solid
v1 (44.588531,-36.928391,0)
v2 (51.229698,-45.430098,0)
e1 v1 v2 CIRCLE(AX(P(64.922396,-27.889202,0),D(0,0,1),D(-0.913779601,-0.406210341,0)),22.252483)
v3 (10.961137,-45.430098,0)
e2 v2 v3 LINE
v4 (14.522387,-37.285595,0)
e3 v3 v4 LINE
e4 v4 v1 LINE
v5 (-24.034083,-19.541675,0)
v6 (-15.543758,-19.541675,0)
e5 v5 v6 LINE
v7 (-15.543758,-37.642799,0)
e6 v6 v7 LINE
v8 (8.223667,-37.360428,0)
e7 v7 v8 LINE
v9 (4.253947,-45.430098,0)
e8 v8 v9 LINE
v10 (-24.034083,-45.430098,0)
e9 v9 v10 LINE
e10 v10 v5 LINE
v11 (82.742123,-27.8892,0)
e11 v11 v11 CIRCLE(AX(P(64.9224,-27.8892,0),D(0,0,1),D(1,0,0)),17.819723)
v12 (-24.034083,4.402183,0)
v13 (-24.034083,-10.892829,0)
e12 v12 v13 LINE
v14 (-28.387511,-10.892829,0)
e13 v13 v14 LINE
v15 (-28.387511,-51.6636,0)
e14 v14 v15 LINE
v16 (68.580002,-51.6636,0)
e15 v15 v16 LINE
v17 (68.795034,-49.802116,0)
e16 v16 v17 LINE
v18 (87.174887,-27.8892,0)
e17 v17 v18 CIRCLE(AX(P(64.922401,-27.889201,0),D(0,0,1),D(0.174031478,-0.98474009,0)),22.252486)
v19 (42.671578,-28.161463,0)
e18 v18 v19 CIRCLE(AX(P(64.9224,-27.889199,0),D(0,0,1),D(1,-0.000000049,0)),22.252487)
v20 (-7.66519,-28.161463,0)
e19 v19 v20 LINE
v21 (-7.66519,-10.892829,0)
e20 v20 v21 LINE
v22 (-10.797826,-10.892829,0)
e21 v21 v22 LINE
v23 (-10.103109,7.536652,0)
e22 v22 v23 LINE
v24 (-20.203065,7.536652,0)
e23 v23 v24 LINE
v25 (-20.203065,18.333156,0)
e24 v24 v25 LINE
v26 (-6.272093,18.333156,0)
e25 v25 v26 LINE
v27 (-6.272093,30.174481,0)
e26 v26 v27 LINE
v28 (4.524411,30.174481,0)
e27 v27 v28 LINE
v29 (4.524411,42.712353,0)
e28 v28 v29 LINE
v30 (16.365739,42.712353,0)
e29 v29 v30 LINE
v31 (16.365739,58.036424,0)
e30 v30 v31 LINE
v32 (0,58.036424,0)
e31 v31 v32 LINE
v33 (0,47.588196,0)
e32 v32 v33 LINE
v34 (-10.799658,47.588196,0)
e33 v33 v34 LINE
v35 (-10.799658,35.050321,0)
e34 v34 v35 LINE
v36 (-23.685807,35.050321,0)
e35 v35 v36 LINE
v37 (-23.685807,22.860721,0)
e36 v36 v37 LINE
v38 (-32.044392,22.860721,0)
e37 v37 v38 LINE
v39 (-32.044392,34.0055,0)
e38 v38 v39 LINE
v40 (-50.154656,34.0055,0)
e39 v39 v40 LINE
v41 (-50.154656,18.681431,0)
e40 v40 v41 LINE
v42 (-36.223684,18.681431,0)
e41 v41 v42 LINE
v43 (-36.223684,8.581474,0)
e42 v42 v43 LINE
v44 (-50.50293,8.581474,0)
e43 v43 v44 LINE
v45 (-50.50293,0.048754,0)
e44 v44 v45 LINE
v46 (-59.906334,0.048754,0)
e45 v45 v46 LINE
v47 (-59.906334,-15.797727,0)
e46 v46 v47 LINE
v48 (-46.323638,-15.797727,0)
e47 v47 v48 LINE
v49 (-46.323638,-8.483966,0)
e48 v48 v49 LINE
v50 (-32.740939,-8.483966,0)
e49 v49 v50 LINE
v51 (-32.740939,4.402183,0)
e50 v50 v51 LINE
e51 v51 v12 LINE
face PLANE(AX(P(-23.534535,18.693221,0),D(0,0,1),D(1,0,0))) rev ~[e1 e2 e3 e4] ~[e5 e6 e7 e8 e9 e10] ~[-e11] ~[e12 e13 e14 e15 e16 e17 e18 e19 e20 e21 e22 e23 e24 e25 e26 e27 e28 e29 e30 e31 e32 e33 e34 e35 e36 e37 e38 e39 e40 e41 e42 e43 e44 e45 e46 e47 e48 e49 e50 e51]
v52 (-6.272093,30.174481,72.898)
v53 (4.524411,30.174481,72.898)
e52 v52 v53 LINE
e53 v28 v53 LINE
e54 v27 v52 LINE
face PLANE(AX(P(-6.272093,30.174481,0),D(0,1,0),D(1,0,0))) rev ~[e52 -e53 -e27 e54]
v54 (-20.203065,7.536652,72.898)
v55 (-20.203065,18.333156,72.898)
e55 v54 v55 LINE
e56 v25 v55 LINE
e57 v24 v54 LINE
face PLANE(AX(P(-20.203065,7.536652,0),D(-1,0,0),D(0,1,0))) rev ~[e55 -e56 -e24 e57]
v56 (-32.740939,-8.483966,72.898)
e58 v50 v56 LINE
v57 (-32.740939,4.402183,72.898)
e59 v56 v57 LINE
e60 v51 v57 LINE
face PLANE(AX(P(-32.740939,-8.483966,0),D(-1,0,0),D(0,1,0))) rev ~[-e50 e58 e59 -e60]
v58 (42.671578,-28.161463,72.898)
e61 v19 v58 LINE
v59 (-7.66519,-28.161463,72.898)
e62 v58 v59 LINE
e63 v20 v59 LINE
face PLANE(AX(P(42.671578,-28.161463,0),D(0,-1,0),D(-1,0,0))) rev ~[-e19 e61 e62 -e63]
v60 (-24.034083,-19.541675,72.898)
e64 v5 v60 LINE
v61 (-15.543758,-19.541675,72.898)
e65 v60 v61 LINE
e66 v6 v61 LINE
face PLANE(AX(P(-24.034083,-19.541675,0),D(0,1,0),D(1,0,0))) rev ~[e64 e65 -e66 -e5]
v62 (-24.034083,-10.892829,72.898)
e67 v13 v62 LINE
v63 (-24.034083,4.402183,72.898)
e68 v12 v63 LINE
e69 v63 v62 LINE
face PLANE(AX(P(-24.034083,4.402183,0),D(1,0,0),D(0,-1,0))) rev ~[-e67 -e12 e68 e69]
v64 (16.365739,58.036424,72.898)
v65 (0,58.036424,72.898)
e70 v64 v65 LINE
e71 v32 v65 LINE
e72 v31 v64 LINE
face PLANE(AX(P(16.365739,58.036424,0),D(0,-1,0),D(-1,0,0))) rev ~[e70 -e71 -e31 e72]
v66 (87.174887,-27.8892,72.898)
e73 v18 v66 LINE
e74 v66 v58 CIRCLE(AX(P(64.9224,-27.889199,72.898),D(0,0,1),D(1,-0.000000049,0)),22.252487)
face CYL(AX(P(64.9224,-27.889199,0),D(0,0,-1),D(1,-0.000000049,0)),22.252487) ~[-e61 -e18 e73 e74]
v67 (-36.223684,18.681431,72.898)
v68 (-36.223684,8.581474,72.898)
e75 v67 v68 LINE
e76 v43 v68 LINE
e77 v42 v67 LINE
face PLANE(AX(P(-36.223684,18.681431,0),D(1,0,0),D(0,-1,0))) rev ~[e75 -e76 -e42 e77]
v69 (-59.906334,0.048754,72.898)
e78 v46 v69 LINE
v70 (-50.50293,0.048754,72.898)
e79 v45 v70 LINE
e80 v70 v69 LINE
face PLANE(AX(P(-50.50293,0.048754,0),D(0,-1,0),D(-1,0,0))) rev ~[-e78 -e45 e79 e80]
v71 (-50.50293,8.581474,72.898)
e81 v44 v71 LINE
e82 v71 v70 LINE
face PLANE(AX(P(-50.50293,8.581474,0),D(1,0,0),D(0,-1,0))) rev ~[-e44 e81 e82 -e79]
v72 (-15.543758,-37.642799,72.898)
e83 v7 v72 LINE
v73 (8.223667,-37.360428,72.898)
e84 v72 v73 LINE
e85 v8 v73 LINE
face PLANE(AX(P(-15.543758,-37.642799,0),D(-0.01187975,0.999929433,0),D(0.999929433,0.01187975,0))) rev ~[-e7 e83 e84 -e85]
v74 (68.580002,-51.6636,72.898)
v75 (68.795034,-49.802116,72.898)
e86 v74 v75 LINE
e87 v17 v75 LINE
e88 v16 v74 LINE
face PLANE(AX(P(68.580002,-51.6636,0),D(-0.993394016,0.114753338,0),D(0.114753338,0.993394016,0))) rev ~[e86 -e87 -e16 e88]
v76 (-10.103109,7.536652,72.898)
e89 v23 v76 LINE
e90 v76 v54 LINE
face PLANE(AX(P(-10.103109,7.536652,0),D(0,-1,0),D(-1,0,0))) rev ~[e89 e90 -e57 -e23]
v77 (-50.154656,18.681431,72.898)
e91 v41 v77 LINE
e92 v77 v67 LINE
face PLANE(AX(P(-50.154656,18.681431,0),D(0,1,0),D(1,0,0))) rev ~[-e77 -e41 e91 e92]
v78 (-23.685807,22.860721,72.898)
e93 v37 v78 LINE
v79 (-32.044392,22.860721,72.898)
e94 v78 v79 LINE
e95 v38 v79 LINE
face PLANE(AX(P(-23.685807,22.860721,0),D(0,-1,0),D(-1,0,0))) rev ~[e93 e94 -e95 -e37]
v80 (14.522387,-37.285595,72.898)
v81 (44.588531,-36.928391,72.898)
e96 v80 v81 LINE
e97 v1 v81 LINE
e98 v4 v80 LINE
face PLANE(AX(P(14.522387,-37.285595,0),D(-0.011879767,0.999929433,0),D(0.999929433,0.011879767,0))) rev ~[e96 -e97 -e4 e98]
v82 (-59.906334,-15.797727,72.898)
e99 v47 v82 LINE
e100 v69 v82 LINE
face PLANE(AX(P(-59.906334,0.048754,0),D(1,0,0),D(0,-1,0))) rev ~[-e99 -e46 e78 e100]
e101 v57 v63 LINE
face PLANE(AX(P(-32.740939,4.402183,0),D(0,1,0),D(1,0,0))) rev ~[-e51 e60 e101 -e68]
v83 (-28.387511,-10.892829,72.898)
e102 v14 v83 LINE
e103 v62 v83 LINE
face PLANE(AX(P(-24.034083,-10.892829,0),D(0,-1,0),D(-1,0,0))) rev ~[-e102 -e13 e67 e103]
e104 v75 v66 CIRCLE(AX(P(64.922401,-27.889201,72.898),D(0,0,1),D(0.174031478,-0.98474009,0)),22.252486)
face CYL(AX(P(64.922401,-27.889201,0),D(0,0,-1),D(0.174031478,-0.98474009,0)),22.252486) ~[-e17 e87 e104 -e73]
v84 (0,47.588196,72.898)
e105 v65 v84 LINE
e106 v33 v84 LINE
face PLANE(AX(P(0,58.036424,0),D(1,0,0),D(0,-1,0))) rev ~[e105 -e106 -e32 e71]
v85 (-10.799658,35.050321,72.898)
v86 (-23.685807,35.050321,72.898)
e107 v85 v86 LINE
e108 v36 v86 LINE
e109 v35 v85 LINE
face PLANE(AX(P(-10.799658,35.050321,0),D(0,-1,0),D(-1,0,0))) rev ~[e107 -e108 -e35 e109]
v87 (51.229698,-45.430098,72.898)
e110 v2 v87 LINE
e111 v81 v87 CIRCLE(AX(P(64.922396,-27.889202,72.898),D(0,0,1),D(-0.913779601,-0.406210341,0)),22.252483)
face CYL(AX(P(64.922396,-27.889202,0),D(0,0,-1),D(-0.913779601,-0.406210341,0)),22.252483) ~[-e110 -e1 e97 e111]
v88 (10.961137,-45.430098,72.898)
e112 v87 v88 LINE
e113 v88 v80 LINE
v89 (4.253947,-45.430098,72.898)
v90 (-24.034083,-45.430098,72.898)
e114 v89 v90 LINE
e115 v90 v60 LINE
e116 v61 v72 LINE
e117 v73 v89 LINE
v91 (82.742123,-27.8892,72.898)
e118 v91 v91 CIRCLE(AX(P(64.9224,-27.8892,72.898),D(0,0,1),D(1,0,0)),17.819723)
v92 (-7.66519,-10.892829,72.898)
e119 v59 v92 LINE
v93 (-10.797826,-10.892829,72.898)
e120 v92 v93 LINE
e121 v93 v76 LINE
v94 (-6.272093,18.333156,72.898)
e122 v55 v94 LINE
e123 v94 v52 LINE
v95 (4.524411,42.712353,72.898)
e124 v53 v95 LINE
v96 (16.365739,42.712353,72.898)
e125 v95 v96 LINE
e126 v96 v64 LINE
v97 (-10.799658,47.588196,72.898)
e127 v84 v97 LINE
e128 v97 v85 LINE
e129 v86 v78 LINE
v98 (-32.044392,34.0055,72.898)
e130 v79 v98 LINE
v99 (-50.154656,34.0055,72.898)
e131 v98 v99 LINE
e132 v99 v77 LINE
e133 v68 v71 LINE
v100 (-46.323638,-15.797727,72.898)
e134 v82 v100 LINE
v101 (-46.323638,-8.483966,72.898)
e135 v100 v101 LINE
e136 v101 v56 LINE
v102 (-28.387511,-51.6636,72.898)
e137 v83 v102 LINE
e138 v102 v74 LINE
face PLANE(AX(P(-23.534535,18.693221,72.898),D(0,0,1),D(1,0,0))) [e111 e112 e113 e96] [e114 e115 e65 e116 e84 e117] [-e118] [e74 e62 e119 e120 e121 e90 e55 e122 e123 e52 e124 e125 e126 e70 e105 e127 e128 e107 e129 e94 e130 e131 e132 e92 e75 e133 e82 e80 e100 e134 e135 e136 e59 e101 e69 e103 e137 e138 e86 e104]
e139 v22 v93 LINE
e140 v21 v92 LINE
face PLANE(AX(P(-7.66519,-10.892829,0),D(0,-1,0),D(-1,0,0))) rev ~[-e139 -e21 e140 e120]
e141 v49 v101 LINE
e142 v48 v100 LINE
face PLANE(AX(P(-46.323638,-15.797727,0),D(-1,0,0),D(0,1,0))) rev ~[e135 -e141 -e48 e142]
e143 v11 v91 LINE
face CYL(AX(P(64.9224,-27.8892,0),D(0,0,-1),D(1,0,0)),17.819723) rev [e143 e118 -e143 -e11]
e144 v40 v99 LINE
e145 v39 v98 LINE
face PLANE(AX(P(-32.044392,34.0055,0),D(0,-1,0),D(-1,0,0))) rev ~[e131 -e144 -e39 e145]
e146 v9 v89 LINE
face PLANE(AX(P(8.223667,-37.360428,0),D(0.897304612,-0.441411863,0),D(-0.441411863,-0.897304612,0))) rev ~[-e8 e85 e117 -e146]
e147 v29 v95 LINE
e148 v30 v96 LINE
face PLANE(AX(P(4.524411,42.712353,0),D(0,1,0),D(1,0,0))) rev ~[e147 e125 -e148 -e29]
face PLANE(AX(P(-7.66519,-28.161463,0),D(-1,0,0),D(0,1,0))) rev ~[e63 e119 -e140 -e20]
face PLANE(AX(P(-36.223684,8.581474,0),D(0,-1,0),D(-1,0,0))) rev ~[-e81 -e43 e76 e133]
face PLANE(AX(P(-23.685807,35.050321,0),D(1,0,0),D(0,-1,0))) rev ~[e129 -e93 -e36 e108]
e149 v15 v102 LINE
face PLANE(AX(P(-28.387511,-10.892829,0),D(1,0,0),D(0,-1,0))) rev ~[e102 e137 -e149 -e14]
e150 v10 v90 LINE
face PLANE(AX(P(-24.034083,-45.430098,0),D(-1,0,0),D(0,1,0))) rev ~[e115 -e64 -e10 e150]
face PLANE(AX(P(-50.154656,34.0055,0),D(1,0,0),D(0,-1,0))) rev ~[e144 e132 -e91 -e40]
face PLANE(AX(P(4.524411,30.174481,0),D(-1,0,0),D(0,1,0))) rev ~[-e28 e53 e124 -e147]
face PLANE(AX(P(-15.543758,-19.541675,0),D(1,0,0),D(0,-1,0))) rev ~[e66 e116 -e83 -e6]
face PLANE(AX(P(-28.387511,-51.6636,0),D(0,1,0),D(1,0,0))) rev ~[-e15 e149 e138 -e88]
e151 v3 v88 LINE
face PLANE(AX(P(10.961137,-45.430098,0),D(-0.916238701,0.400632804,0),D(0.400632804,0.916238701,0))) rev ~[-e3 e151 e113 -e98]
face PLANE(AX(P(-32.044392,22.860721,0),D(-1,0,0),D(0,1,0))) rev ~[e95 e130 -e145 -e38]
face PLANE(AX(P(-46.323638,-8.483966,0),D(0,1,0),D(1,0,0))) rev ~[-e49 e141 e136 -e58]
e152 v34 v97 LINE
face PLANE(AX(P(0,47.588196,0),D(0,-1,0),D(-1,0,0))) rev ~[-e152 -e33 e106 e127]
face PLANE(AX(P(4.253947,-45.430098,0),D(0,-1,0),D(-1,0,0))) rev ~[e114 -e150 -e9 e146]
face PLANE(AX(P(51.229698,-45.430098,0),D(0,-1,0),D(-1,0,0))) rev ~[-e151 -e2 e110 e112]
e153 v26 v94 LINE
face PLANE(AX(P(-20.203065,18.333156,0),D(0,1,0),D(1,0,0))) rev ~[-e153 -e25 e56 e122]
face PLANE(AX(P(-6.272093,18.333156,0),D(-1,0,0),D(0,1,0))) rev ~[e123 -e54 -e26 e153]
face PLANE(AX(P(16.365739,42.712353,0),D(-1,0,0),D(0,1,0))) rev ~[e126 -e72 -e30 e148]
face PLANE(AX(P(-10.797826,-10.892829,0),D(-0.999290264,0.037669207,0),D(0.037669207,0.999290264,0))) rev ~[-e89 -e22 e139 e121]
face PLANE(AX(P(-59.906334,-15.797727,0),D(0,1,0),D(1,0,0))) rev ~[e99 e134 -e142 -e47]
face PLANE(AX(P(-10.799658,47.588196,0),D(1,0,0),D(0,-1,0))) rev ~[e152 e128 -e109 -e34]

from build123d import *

# Parameters (mm, degrees)
F0_R     = 17.819723
F1_DEPTH = 72.898


with BuildPart() as f1:
    # F0 (on Top) → F1 (new body)
    with BuildSketch(Plane.XY):
        Polygon((16.365739, 42.712353), (16.365739, 58.036424), (0, 58.036424), (0, 47.588196), (-10.799658, 47.588196), (-10.799658, 35.050321), (-23.685807, 35.050321), (-23.685807, 22.860721), (-32.044392, 22.860721), (-32.044392, 34.0055), (-50.154656, 34.0055), (-50.154656, 18.681431), (-36.223684, 18.681431), (-36.223684, 8.581474), (-50.50293, 8.581474), (-50.50293, 0.048754), (-59.906334, 0.048754), (-59.906334, -15.797727), (-46.323638, -15.797727), (-46.323638, -8.483966), (-32.740939, -8.483966), (-32.740939, 4.402183), (-24.034083, 4.402183), (-24.034083, -10.892829), (-10.797826, -10.892829), (-10.103109, 7.536652), (-20.203065, 7.536652), (-20.203065, 18.333156), (-10.103109, 18.333156), (-6.272093, 18.333156), (-6.272093, 30.174481), (4.524411, 30.174481), (4.524411, 42.712353), align=None)
        with BuildLine():
            Line((-7.66519, -10.892829), (-10.797826, -10.892829))
            Line((-10.797826, -10.892829), (-24.034083, -10.892829))
            Line((-24.034083, -10.892829), (-28.387511, -10.892829))
            Line((-28.387511, -10.892829), (-28.387511, -46.7868))
            Line((-28.387511, -46.7868), (-28.387511, -51.6636))
            Line((-28.387511, -51.6636), (68.580002, -51.6636))
            Line((68.580002, -51.6636), (68.795034, -49.802116))
            ThreePointArc((68.795034, -49.802116), (59.54773, -49.482859), (51.229698, -45.430098))
            Line((51.229698, -45.430098), (10.961137, -45.430098))
            Line((10.961137, -45.430098), (4.253947, -45.430098))
            Line((4.253947, -45.430098), (-7.66519, -45.430098))
            Line((-7.66519, -45.430098), (-24.034083, -45.430098))
            Line((-24.034083, -45.430098), (-24.034083, -19.541675))
            Line((-24.034083, -19.541675), (-15.543758, -19.541675))
            Line((-15.543758, -19.541675), (-15.543758, -32.4612))
            Line((-15.543758, -32.4612), (-15.543758, -37.642799))
            Line((-15.543758, -37.642799), (8.223667, -37.360428))
            Line((8.223667, -37.360428), (14.522387, -37.285595))
            Line((14.522387, -37.285595), (44.588531, -36.928391))
            ThreePointArc((44.588531, -36.928391), (43.183524, -32.642564), (42.671578, -28.161463))
            Line((42.671578, -28.161463), (-7.66519, -28.161463))
            Line((-7.66519, -28.161463), (-7.66519, -10.892829))
        make_face()
        with BuildLine():
            ThreePointArc((87.174887, -27.8892), (64.786265, -5.637128), (42.671578, -28.161463))
            ThreePointArc((42.671578, -28.161463), (43.183524, -32.642564), (44.588531, -36.928391))
            ThreePointArc((44.588531, -36.928391), (47.386105, -41.587797), (51.229698, -45.430098))
            ThreePointArc((51.229698, -45.430098), (59.54773, -49.482859), (68.795034, -49.802116))
            ThreePointArc((68.795034, -49.802116), (81.971578, -42.189505), (87.174887, -27.8892))
        make_face()
        with Locations((64.9224, -27.8892)):
            Circle(F0_R, mode=Mode.SUBTRACT)
        Polygon((10.961137, -45.430098), (14.522387, -37.285595), (8.223667, -37.360428), (4.253947, -45.430098), align=None)
    extrude(amount=F1_DEPTH)


solid = f1.part
